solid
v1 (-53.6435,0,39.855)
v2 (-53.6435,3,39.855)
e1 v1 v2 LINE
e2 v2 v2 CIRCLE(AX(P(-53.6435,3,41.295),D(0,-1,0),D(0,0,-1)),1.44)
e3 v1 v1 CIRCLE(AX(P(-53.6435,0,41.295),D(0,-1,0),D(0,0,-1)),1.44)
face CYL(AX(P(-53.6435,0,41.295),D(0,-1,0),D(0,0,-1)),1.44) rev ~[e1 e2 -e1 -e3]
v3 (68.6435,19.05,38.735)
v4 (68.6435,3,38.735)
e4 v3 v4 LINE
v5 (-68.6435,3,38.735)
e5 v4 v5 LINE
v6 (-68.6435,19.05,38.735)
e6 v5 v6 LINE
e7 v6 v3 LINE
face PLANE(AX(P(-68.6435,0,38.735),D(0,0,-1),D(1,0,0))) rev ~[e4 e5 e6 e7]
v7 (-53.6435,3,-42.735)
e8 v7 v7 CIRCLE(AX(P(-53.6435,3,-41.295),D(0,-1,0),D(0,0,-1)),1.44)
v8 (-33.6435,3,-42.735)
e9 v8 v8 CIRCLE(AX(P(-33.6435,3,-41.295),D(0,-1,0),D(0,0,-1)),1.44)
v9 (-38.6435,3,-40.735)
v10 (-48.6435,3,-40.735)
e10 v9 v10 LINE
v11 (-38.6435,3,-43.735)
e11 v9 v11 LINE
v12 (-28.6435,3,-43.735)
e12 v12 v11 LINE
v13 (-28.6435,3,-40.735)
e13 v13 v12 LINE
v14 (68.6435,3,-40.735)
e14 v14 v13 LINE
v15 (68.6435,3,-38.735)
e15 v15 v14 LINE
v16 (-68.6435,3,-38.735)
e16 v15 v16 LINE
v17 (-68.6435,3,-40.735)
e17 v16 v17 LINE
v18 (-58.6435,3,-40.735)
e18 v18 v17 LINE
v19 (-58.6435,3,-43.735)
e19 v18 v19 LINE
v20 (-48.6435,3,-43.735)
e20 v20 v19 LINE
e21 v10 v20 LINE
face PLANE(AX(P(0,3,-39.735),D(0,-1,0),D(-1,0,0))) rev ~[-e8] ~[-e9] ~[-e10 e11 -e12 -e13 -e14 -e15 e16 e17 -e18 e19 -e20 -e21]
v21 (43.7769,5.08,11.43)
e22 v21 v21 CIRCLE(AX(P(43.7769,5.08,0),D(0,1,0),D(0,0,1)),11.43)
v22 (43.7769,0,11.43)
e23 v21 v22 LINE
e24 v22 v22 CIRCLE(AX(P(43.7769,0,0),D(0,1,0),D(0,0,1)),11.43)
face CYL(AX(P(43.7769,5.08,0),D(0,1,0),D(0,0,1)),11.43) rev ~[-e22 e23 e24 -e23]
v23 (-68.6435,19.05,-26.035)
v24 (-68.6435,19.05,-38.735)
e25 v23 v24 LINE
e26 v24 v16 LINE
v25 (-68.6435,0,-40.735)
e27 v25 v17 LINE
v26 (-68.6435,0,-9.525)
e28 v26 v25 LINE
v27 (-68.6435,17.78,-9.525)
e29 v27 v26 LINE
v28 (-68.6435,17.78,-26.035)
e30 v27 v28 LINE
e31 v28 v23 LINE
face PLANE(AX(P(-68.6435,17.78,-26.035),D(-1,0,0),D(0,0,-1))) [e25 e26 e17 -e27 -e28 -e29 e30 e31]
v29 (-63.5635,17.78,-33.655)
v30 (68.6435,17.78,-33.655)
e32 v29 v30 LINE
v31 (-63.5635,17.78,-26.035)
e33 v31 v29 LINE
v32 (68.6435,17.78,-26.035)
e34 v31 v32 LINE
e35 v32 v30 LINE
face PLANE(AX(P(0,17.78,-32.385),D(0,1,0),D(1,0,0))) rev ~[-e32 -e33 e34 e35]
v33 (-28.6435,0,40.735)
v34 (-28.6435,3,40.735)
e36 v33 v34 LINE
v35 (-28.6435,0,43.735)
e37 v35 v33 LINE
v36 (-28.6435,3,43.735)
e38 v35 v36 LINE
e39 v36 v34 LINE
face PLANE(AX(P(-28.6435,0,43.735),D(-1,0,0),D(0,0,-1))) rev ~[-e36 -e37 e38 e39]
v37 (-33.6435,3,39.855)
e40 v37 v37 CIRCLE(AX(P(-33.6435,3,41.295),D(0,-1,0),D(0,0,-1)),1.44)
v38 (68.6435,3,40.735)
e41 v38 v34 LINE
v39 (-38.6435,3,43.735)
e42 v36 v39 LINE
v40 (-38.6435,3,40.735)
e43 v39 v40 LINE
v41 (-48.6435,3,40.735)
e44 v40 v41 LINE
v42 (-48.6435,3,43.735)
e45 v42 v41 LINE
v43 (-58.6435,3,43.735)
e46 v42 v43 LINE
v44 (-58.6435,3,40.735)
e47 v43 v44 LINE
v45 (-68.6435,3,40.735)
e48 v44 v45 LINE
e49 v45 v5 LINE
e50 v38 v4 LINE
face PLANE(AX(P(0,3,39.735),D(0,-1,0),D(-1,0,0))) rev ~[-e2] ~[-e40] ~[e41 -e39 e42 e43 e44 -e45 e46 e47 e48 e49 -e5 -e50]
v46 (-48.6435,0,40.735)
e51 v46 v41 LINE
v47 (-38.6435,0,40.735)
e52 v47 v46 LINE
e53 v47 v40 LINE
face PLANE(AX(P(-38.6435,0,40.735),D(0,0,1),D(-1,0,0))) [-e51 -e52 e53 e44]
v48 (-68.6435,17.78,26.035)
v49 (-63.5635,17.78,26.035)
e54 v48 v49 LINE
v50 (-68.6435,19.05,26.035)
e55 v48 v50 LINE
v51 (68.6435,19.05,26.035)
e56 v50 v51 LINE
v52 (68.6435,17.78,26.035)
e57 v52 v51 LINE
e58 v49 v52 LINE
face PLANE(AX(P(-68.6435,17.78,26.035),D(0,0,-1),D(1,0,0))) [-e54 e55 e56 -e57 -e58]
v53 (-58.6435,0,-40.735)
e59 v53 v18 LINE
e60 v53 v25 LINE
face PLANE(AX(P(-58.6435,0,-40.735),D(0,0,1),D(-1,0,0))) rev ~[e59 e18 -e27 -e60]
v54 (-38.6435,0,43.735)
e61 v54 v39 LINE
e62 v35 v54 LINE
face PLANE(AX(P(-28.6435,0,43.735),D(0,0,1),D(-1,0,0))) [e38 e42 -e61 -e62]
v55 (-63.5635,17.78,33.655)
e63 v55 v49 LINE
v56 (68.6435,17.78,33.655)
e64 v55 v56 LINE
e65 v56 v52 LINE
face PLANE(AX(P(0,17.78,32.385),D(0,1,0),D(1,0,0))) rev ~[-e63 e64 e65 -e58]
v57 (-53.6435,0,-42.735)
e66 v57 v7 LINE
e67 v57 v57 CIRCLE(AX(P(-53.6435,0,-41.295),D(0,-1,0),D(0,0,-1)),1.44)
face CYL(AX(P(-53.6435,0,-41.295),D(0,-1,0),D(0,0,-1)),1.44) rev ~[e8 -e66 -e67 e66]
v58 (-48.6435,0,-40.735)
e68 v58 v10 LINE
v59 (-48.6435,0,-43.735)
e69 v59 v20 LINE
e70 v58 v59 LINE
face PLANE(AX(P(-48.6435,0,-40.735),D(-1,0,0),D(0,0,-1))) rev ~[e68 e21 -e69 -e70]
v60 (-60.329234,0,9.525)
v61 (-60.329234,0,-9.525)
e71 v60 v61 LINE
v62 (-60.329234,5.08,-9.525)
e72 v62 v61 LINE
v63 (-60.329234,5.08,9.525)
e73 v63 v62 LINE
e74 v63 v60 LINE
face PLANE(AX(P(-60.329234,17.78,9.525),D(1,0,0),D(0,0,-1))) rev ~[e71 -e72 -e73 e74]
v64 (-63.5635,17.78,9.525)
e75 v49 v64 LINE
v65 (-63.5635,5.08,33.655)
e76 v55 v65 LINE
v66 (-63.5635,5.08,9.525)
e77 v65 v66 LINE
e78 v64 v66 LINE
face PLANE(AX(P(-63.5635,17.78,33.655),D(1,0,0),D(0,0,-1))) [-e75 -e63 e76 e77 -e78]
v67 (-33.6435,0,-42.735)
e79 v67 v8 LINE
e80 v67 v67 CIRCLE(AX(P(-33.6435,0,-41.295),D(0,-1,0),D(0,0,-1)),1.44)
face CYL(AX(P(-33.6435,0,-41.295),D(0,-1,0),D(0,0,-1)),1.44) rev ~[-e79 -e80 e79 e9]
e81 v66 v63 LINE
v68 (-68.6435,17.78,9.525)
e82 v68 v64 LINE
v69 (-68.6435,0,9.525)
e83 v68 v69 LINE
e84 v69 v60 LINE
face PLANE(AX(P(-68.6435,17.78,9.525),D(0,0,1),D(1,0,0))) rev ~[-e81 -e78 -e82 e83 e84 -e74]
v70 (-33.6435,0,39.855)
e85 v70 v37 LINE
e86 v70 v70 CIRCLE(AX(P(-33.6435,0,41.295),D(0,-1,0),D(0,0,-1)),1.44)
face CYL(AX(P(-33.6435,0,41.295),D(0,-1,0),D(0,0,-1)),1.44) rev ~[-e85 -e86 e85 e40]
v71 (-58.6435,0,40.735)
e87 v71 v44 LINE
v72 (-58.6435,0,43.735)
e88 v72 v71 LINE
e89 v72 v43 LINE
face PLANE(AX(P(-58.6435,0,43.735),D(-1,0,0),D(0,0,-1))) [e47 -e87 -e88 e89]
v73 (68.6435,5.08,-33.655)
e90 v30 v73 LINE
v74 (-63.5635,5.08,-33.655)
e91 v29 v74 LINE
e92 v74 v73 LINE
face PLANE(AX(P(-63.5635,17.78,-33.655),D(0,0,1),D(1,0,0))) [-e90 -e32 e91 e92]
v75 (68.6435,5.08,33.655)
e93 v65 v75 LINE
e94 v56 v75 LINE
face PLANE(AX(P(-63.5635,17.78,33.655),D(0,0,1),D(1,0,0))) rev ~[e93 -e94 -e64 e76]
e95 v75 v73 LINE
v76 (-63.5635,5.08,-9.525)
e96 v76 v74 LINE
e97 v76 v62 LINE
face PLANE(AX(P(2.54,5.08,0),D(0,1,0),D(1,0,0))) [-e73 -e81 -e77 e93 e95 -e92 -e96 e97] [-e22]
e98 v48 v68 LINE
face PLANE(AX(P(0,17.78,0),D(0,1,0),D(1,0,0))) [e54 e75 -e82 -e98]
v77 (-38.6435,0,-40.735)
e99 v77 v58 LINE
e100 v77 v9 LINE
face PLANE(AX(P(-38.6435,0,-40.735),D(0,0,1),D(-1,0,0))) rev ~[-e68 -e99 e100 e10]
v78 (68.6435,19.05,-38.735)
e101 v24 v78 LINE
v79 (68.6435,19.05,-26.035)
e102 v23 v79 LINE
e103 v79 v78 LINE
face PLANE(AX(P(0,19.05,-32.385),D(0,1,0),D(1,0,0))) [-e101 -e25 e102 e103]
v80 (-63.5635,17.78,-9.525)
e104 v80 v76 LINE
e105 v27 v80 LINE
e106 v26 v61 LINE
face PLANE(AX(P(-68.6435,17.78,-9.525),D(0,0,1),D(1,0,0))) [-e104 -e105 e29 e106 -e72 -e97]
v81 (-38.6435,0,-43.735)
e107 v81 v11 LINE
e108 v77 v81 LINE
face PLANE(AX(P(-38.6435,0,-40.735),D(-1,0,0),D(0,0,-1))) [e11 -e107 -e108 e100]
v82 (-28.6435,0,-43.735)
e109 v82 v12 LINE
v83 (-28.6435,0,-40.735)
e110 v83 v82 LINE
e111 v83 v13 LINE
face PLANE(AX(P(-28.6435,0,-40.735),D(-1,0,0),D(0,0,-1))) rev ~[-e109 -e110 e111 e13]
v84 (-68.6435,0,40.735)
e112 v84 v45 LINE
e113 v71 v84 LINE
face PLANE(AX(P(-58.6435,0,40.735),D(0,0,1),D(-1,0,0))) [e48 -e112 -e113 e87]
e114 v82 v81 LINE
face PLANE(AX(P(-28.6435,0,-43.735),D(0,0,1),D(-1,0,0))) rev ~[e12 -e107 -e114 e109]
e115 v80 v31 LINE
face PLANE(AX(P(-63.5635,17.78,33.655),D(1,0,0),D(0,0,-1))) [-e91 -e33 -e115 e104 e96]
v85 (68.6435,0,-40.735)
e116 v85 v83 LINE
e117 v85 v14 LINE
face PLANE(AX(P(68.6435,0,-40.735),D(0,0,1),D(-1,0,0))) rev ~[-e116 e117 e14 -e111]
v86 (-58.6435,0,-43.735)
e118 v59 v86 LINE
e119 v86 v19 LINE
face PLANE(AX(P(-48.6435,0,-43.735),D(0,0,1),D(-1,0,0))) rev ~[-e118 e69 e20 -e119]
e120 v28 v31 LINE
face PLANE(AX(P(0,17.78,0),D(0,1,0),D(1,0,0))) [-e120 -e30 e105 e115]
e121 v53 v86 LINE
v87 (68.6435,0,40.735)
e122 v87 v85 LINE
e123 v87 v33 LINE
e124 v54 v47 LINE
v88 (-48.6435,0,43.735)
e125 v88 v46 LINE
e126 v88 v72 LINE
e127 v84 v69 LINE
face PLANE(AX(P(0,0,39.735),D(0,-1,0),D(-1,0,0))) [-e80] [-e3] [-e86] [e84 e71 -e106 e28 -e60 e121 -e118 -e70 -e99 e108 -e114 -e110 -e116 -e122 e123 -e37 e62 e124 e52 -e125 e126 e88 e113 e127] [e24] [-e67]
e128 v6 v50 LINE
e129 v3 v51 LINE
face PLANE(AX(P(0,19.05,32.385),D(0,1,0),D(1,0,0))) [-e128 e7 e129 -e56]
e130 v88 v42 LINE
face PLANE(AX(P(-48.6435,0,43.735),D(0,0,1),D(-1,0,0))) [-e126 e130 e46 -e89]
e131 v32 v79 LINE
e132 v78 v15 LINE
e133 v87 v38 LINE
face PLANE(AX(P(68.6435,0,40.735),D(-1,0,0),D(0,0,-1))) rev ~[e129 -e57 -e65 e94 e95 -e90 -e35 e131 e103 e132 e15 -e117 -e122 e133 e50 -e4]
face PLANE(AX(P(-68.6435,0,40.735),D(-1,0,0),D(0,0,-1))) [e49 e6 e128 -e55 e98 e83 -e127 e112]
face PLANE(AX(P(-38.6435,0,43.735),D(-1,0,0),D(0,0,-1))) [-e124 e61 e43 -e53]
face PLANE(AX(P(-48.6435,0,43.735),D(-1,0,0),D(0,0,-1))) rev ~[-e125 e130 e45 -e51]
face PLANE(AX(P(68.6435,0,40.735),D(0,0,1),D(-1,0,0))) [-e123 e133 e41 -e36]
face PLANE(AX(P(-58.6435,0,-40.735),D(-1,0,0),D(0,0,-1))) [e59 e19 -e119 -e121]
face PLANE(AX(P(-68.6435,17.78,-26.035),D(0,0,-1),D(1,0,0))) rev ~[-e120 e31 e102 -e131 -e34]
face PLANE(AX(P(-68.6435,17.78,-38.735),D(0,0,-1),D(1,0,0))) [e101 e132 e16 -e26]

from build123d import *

# Parameters (mm, degrees)
SKETCH1_W           = 137.287
SKETCH1_H           = 77.47
BOSS_EXTRUDE1_DEPTH = 17.78
SKETCH2_W           = 132.207
SKETCH2_H           = 67.31
CUT_EXTRUDE1_DEPTH  = 12.7
SKETCH4_R           = 11.43
CUT_EXTRUDE2_DEPTH  = 80.834956737
SKETCH5_W           = 137.287
SKETCH5_H           = 12.7
BOSS_EXTRUDE2_DEPTH = 1.27
SKETCH6_W           = 8.314266468
SKETCH6_H           = 19.05
CUT_EXTRUDE3_DEPTH  = 81.798878193
SKETCH9_W           = 137.287
SKETCH9_H           = 2
SKETCH9_W_2         = 10
SKETCH9_H_2         = 3
BOSS_EXTRUDE4_DEPTH = 3
SKETCH10_R          = 1.44
CUT_EXTRUDE4_DEPTH  = 84.591762855


with BuildPart() as part:
    # Sketch1 → Boss-Extrude1 (new body)
    with BuildSketch(Plane(origin=(0, 0, 0), x_dir=(1, 0, 0), z_dir=(0, 1, 0))):
        Rectangle(SKETCH1_W, SKETCH1_H)
    extrude(amount=BOSS_EXTRUDE1_DEPTH)

    # Sketch2 → Cut-Extrude1 (cut)
    with BuildSketch(Plane(origin=(0, 17.78, 0), x_dir=(1, 0, 0), z_dir=(0, 1, 0))):
        with Locations((2.54, 0)):
            Rectangle(SKETCH2_W, SKETCH2_H)
    extrude(amount=-CUT_EXTRUDE1_DEPTH, mode=Mode.SUBTRACT)

    # Sketch4 → Cut-Extrude2 (cut, through all)
    with BuildSketch(Plane(origin=(0, 5.08, 0), x_dir=(1, 0, 0), z_dir=(0, 1, 0))):
        with Locations(Location((43.7769, 0, 0), (0, 0, 270))):
            Circle(SKETCH4_R)
    extrude(amount=-CUT_EXTRUDE2_DEPTH, mode=Mode.SUBTRACT)

    # Sketch5 → Boss-Extrude2 (add)
    with BuildSketch(Plane(origin=(0, 17.78, 0), x_dir=(1, 0, 0), z_dir=(0, 1, 0))):
        with Locations((0, 32.385)):
            Rectangle(SKETCH5_W, SKETCH5_H)
        with Locations((0, -32.385)):
            Rectangle(SKETCH5_W, SKETCH5_H)
    extrude(amount=BOSS_EXTRUDE2_DEPTH)

    # Sketch6 → Cut-Extrude3 (cut, through all)
    with BuildSketch(Plane(origin=(0, 17.78, 0), x_dir=(1, 0, 0), z_dir=(0, 1, 0))):
        with Locations((-64.486366766, 0)):
            Rectangle(SKETCH6_W, SKETCH6_H)
    extrude(amount=-CUT_EXTRUDE3_DEPTH, mode=Mode.SUBTRACT)

    # Sketch9 → Boss-Extrude4 (add)
    with BuildSketch(Plane(origin=(0, 0, 0), x_dir=(-1, 0, 0), z_dir=(0, -1, 0))):
        with Locations((0, -39.735)):
            Rectangle(SKETCH9_W, SKETCH9_H)
        with Locations((0, 39.735)):
            Rectangle(SKETCH9_W, SKETCH9_H)
        with Locations((53.6435, -42.235)):
            Rectangle(SKETCH9_W_2, SKETCH9_H_2)
        with Locations((53.6435, 42.235)):
            Rectangle(SKETCH9_W_2, SKETCH9_H_2)
        with Locations((33.6435, -42.235)):
            Rectangle(SKETCH9_W_2, SKETCH9_H_2)
        with Locations((33.6435, 42.235)):
            Rectangle(SKETCH9_W_2, SKETCH9_H_2)
    extrude(amount=-BOSS_EXTRUDE4_DEPTH)

    # Sketch10 → Cut-Extrude4 (cut, through all)
    with BuildSketch(Plane(origin=(0, 0, 0), x_dir=(-1, 0, 0), z_dir=(0, -1, 0))):
        with Locations(Location((33.6435, -41.295, 0), (0, 0, 90))):
            Circle(SKETCH10_R)
        with Locations(Location((53.6435, -41.295, 0), (0, 0, 90))):
            Circle(SKETCH10_R)
        with Locations(Location((53.6435, 41.295, 0), (0, 0, 90))):
            Circle(SKETCH10_R)
        with Locations(Location((33.6435, 41.295, 0), (0, 0, 90))):
            Circle(SKETCH10_R)
    extrude(amount=-CUT_EXTRUDE4_DEPTH, mode=Mode.SUBTRACT)


solid = part.part
